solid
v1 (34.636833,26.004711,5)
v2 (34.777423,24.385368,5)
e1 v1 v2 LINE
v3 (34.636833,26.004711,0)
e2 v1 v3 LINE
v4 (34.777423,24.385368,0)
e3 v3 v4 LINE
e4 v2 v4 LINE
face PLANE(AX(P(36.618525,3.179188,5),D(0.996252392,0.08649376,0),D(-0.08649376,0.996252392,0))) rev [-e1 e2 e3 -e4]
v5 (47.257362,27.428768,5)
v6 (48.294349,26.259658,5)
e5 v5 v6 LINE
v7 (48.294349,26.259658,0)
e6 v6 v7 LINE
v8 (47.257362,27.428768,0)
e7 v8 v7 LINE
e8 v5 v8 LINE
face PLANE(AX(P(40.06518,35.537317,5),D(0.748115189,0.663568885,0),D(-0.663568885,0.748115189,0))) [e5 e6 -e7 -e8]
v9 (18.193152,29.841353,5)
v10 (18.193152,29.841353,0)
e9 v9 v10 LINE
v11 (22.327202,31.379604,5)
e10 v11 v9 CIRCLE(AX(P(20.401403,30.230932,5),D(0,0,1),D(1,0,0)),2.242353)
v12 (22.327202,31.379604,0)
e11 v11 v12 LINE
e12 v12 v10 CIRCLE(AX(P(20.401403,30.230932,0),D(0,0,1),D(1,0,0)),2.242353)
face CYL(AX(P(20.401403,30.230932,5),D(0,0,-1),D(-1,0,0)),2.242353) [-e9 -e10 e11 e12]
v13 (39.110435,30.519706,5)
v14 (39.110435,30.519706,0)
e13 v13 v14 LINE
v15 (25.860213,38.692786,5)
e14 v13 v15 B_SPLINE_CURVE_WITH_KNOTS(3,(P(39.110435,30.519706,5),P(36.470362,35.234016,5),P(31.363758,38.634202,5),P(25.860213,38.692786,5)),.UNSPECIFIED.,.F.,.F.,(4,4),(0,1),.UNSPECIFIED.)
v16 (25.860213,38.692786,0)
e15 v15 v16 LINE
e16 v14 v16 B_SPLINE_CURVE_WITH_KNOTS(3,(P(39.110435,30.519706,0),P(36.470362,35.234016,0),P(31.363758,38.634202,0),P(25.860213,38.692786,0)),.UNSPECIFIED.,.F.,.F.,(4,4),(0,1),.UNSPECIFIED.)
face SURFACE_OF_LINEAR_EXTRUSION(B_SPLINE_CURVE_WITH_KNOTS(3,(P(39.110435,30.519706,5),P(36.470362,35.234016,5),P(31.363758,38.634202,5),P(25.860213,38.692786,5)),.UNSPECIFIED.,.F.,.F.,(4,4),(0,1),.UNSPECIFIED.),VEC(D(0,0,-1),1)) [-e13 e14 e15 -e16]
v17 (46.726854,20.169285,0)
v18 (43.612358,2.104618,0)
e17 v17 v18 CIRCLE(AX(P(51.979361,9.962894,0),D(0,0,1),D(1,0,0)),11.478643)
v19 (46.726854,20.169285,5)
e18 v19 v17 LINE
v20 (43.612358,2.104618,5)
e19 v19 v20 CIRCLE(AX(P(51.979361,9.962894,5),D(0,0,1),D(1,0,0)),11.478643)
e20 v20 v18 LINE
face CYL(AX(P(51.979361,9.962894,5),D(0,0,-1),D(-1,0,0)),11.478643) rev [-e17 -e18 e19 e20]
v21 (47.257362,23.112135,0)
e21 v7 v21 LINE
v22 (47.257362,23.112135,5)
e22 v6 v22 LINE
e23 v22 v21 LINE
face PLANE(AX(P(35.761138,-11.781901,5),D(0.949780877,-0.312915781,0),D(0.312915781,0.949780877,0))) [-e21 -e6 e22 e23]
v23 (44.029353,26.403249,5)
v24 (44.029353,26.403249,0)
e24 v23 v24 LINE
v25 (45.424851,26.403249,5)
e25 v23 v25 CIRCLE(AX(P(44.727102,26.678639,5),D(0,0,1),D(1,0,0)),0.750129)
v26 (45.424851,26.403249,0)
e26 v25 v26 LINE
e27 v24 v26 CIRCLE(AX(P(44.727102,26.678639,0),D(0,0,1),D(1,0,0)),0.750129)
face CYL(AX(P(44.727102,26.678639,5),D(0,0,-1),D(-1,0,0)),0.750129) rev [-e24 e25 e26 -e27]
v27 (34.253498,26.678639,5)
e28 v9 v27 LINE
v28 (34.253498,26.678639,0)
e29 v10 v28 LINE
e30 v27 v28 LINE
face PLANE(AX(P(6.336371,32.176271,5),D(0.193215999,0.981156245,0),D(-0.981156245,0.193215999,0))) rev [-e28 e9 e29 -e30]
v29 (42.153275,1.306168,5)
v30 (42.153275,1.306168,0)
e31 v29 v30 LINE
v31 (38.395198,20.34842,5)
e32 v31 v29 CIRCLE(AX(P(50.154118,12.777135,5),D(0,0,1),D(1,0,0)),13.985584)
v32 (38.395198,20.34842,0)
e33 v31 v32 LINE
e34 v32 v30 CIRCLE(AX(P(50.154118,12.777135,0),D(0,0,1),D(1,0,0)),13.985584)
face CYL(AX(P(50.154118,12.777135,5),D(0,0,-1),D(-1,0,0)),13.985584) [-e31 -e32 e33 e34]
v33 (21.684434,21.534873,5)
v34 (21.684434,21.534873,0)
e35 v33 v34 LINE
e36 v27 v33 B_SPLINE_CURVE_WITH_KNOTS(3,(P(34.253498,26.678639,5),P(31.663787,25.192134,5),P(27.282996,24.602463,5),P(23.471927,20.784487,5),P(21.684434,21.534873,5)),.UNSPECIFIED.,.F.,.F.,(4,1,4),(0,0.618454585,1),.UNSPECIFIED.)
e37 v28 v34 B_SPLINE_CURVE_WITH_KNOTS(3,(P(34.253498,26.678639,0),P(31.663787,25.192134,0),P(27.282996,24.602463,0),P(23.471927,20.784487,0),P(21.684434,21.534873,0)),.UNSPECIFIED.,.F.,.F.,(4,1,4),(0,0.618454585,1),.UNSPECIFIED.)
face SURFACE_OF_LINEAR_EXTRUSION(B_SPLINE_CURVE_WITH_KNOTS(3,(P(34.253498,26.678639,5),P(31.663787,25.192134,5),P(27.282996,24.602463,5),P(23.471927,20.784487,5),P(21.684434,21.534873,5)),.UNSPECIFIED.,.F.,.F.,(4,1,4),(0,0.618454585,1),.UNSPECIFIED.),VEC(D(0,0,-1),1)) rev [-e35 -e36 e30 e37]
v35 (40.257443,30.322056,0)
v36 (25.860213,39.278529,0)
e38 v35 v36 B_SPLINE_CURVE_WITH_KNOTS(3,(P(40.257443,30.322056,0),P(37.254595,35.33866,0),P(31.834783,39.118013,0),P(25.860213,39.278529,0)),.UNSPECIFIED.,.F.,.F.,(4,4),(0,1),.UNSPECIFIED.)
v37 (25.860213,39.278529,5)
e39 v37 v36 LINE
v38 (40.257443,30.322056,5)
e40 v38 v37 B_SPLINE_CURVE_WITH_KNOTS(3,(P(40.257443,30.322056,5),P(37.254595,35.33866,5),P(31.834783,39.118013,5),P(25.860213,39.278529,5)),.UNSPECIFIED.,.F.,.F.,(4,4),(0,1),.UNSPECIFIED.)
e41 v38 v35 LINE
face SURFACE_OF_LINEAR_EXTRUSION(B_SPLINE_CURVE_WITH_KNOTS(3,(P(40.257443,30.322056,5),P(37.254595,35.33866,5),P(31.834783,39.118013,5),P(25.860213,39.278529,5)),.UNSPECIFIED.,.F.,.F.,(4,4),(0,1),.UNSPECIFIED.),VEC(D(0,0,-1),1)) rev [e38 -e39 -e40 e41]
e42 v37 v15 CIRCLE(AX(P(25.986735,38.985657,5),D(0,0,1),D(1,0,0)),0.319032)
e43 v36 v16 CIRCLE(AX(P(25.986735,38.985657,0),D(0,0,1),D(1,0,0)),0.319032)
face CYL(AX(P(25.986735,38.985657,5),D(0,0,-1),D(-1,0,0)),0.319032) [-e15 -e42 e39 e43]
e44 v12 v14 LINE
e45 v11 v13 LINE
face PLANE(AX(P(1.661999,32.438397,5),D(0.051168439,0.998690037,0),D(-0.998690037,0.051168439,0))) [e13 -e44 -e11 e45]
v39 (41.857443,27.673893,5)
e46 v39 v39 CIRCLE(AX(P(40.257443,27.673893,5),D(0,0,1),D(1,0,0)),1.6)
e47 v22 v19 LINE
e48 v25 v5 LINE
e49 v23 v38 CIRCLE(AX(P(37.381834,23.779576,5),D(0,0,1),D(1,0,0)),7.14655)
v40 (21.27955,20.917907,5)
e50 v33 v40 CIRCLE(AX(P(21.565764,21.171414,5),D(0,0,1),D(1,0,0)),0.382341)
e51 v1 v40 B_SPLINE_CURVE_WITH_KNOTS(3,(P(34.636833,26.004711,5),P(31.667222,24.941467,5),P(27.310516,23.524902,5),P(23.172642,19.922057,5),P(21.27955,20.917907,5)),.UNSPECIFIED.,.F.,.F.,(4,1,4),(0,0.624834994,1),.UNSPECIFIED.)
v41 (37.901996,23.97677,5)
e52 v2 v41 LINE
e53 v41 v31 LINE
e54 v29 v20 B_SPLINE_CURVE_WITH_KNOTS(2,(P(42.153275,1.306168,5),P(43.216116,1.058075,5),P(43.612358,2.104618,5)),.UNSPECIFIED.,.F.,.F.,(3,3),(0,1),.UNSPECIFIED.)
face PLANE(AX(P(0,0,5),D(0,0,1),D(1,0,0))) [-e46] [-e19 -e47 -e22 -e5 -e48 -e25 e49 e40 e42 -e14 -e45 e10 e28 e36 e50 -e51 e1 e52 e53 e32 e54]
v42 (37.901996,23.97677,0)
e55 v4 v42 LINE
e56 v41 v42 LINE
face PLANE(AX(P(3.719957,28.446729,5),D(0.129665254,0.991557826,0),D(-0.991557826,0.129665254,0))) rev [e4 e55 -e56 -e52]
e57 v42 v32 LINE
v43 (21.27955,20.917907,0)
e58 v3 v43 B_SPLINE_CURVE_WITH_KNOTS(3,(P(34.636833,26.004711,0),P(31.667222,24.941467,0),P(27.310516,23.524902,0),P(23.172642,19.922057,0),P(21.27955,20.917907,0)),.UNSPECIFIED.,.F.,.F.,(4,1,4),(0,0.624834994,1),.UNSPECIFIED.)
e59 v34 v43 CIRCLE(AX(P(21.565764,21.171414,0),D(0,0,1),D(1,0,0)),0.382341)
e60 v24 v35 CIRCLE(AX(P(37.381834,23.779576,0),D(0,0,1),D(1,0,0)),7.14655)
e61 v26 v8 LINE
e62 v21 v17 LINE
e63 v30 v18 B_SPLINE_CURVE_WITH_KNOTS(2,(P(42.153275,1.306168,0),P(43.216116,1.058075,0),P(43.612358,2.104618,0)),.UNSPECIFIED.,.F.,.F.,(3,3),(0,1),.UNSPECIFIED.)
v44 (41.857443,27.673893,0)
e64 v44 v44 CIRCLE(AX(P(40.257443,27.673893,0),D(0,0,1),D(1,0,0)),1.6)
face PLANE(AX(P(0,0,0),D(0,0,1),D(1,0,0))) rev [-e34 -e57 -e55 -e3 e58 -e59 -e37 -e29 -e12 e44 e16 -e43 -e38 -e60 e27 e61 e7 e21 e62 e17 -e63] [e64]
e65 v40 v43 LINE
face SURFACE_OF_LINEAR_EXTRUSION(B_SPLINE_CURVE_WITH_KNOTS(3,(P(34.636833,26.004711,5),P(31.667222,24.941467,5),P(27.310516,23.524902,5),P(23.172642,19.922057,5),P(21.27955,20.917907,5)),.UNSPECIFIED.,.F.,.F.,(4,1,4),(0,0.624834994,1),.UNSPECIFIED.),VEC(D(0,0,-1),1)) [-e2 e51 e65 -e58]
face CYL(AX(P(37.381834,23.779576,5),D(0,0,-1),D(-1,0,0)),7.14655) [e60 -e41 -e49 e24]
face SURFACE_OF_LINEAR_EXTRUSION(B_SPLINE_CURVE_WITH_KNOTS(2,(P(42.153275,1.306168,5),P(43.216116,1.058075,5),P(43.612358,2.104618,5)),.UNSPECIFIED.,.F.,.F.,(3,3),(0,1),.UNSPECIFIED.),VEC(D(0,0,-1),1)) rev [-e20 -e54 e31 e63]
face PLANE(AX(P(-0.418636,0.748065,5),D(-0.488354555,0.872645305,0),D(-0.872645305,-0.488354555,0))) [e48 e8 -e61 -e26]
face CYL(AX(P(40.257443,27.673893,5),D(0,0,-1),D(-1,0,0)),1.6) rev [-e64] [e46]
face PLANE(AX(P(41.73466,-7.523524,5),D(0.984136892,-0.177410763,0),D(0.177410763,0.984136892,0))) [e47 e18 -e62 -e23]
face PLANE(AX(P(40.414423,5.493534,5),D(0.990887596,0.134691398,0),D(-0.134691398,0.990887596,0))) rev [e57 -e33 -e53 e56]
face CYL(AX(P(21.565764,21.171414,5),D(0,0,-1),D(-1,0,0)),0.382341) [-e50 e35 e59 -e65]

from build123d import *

# Parameters (mm, degrees)
ESQUISSE1_R        = 1.6
BOSS_EXTRU_1_DEPTH = 5


with BuildPart() as part:
    # Esquisse1 → Boss.-Extru.1 (new body)
    with BuildSketch(Plane.XY):
        with BuildLine():
            Line((22.327201908, 31.379603837), (39.110435041, 30.51970557))
            add(Edge.make_bspline(
                [(39.110435041, 30.51970557), (36.47036177, 35.234015671), (31.363758289, 38.634202101), (25.860213157, 38.692785858)],
                knots=[0, 0, 0, 0, 1, 1, 1, 1], degree=3))
            ThreePointArc((25.860213157, 38.692785858), (25.667702993, 38.985657248), (25.860213157, 39.278528639))
            add(Edge.make_bspline(
                [(40.257442964, 30.322056107), (37.254594876, 35.338660309), (31.834783082, 39.118012576), (25.860213157, 39.278528639)],
                knots=[0, 0, 0, 0, 1, 1, 1, 1], degree=3))
            ThreePointArc((40.257442964, 30.322056107), (42.530790825, 28.735523525), (44.029353415, 26.403248607))
            ThreePointArc((44.029353415, 26.403248607), (44.727102443, 25.92851016), (45.42485147, 26.403248607))
            Line((45.42485147, 26.403248607), (47.257362462, 27.428768466))
            Line((47.257362462, 27.428768466), (48.294348688, 26.259658274))
            Line((48.294348688, 26.259658274), (47.257362462, 23.11213505))
            Line((47.257362462, 23.11213505), (46.726853729, 20.169285321))
            ThreePointArc((46.726853729, 20.169285321), (40.667605427, 11.913133381), (43.612357696, 2.104618258))
            add(Edge.make_bspline(
                [(42.15327541, 1.306168032), (43.216115527, 1.058074746), (43.612357696, 2.104618258)],
                knots=[0, 0, 0, 1, 1, 1], degree=2))
            ThreePointArc((42.15327541, 1.306168032), (36.433188896, 10.069245024), (38.395197552, 20.348419608))
            Line((38.395197552, 20.348419608), (37.901995747, 23.976769729))
            Line((37.901995747, 23.976769729), (34.777422909, 24.385367715))
            Line((34.777422909, 24.385367715), (34.63683293, 26.004711162))
            add(Edge.make_bspline(
                [(34.63683293, 26.004711162), (31.667222126, 24.941467321), (27.310515623, 23.524901716), (23.172641891, 19.922056798), (21.279549959, 20.917906985)],
                knots=[0, 0, 0, 0, 0.624834994, 1, 1, 1, 1], degree=3))
            ThreePointArc((21.279549959, 20.917906985), (21.246108661, 21.381188034), (21.68443358, 21.534872503))
            add(Edge.make_bspline(
                [(34.253498198, 26.678639313), (31.663787476, 25.192133844), (27.282995796, 24.602462594), (23.471926653, 20.784486953), (21.68443358, 21.534872503)],
                knots=[0, 0, 0, 0, 0.618454585, 1, 1, 1, 1], degree=3))
            Line((34.253498198, 26.678639313), (18.193151692, 29.841352594))
            ThreePointArc((18.193151692, 29.841352594), (19.619419184, 32.332514308), (22.327201908, 31.379603837))
        make_face()
        with Locations((40.257442964, 27.673893027)):
            Circle(ESQUISSE1_R, mode=Mode.SUBTRACT)
    extrude(amount=BOSS_EXTRU_1_DEPTH)


solid = part.part
